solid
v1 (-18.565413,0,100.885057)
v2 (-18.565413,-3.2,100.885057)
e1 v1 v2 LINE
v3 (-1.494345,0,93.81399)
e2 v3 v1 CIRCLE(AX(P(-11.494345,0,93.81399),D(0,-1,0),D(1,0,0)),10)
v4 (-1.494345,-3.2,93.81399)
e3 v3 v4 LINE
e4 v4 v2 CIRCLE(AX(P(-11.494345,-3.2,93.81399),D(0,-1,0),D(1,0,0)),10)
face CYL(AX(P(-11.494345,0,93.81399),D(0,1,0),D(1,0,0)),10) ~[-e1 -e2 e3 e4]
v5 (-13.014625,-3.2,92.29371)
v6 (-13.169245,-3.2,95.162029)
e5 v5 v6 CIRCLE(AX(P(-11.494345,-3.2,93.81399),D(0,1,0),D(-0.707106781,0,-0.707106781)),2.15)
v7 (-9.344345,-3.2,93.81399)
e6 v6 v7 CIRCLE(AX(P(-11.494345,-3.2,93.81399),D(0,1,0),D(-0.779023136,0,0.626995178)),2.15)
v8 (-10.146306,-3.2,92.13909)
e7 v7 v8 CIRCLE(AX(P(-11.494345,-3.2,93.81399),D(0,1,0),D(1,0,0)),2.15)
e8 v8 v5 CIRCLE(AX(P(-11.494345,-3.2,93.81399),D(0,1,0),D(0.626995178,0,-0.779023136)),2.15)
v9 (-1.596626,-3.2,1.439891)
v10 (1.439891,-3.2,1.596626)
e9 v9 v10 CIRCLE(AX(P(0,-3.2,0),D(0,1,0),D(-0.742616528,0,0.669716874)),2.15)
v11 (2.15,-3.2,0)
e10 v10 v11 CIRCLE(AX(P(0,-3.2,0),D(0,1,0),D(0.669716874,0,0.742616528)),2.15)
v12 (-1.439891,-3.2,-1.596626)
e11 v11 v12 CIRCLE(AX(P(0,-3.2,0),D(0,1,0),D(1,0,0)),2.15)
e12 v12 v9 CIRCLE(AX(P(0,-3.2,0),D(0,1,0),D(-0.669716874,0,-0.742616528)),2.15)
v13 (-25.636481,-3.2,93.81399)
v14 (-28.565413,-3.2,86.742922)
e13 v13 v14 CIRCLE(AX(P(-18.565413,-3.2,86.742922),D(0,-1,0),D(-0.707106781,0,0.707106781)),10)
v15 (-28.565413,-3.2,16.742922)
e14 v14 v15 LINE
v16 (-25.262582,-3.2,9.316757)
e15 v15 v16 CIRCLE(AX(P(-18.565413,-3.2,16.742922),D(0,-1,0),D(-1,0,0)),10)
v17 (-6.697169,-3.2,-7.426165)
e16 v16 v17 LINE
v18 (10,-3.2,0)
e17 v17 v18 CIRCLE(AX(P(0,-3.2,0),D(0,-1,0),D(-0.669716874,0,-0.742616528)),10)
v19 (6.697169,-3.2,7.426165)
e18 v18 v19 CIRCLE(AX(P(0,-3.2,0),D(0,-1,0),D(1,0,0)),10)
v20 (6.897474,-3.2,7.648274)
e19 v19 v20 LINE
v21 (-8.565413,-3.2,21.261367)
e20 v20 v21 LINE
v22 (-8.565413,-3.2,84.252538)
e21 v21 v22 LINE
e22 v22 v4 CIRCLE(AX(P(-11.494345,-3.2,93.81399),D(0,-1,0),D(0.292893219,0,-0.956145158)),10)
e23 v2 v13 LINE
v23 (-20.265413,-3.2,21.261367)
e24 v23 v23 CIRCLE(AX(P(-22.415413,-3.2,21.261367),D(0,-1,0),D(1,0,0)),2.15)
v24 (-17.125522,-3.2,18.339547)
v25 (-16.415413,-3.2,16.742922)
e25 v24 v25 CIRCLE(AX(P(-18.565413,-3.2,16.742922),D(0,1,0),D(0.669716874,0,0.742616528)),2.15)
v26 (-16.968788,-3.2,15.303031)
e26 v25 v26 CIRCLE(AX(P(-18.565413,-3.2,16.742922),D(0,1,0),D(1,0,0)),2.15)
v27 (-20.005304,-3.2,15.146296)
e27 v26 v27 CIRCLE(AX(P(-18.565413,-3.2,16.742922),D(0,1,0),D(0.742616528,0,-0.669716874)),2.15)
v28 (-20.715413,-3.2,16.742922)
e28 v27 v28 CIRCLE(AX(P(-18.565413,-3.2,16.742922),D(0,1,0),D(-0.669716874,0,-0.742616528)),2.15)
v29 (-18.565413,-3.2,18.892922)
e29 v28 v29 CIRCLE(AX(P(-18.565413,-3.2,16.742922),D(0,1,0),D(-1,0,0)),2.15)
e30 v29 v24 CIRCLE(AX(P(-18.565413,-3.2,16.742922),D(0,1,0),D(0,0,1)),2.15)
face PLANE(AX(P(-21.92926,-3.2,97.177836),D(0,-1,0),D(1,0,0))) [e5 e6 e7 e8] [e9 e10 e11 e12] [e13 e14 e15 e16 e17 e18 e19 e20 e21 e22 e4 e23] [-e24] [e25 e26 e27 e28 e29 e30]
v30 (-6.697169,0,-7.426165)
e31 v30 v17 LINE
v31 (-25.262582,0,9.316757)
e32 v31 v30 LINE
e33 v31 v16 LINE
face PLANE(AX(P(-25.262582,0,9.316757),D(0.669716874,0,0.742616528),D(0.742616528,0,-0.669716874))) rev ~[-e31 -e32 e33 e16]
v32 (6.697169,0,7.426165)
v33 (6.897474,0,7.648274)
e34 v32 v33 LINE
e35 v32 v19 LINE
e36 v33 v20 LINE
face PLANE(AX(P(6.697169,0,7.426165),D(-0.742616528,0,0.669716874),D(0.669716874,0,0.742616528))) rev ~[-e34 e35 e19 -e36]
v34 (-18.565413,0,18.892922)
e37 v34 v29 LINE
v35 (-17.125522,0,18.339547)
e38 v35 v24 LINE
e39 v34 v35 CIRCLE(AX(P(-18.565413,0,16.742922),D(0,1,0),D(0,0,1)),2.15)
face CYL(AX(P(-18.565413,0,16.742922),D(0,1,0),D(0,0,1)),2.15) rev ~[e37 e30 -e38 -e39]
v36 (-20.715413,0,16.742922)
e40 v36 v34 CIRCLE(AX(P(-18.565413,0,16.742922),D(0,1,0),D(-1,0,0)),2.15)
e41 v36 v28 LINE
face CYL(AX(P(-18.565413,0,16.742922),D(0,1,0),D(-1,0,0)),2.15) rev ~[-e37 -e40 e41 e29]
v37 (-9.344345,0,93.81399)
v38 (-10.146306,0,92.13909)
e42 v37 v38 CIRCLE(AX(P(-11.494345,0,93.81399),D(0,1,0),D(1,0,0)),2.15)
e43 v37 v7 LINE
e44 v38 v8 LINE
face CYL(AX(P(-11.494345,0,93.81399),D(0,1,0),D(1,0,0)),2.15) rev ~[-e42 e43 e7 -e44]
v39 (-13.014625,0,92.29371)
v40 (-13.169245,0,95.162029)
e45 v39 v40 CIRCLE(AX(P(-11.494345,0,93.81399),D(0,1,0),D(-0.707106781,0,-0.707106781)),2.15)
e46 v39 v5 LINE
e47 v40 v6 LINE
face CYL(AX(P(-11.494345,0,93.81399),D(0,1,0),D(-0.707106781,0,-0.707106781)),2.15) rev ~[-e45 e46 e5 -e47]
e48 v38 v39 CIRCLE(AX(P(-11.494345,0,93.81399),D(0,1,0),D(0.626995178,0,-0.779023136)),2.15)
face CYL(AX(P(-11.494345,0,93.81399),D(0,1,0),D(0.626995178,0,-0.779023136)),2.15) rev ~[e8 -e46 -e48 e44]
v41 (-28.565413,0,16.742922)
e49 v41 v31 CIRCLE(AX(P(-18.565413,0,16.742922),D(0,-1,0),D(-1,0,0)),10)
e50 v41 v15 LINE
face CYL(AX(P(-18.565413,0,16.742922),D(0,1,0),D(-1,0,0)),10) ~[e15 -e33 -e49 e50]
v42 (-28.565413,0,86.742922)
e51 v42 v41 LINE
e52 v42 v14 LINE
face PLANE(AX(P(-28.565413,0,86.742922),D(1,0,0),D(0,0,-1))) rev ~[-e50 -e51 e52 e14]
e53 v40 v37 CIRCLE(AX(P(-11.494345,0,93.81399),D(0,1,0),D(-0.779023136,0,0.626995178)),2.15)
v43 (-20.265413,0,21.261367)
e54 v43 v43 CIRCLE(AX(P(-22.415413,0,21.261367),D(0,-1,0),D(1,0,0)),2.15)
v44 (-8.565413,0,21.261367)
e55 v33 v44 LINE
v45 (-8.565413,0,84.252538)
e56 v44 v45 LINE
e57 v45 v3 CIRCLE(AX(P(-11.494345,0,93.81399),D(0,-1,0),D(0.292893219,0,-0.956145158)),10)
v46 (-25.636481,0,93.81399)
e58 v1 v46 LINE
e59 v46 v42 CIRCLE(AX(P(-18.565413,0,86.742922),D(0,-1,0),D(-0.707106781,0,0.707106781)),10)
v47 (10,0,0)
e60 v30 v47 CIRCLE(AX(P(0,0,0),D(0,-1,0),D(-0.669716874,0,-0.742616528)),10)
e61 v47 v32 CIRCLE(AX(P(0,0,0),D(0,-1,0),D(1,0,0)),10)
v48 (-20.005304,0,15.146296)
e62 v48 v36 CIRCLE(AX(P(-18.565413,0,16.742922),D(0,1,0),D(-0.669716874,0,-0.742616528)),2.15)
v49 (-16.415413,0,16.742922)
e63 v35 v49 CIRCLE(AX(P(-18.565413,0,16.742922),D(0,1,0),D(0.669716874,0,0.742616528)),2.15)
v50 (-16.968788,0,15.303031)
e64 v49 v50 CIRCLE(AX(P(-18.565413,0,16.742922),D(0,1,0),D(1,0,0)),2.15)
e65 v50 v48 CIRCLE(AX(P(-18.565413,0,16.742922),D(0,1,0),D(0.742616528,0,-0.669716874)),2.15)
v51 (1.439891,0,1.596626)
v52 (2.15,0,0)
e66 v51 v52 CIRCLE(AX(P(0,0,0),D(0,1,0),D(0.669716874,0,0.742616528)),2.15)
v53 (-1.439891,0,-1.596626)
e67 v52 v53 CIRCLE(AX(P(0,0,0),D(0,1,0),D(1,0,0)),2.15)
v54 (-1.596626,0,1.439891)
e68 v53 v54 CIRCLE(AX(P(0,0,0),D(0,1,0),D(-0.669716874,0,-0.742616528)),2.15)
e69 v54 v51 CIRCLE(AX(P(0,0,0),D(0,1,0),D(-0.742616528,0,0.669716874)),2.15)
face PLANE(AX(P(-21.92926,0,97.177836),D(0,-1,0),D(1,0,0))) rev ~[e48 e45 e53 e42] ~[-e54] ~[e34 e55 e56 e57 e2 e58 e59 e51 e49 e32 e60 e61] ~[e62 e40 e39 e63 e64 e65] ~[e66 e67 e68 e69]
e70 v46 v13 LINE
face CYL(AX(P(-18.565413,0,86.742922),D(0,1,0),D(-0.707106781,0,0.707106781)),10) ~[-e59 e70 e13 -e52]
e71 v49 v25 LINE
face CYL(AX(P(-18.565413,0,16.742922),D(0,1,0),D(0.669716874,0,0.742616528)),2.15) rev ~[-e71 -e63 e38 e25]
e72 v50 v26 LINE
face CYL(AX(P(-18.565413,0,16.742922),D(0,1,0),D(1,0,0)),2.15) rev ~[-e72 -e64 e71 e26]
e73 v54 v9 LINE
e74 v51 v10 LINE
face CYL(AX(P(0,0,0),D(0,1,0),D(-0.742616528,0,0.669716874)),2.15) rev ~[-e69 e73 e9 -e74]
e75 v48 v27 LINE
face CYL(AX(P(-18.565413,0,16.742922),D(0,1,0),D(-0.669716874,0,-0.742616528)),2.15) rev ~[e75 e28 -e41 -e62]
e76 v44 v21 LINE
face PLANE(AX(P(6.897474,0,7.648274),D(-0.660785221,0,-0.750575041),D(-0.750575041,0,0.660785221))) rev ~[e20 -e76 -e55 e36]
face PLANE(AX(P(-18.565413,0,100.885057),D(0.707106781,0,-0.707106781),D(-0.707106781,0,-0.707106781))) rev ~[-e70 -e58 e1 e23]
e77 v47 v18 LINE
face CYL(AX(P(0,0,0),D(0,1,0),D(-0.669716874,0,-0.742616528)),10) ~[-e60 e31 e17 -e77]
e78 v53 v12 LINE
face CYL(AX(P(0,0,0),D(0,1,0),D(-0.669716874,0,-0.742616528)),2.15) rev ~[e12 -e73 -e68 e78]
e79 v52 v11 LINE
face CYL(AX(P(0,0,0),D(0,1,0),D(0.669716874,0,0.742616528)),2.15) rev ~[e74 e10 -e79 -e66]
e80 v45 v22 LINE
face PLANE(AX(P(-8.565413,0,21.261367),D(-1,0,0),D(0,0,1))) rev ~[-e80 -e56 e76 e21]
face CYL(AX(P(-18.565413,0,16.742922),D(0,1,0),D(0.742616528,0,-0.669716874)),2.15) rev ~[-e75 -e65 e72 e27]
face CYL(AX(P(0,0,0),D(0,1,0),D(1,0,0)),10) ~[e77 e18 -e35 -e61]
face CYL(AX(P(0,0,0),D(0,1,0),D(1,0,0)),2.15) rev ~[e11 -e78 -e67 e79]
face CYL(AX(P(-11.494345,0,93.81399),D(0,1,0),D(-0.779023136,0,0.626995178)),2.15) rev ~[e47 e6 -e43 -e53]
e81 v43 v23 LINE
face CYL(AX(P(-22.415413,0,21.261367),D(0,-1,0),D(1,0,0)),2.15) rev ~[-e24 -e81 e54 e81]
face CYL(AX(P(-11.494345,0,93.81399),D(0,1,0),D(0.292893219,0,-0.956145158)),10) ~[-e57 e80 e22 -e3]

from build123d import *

# Parameters (mm, degrees)
F1_DEPTH = 3.2
F2_R     = 2.15
F3_DEPTH = 12.5


with BuildPart() as f1:
    # F0 (on Front) → F1 (new body)
    with BuildSketch(Plane.XZ):
        with BuildLine():
            Line((-18.5654132097, 100.885057482), (-25.6364810216, 93.8139896702))
            ThreePointArc((-25.6364810216, 93.8139896702), (-23.5654132097, 95.4031758961), (-21.1536036607, 96.4021801212))
            ThreePointArc((-21.1536036607, 96.4021801212), (-20.1545994357, 98.8139896702), (-18.5654132097, 100.885057482))
        make_face()
        with BuildLine():
            ThreePointArc((-6.6971687433, -7.4261652839), (-9.9867052636, -0.5154783973), (-7.4261652839, 6.6971687433))
            Line((-7.4261652839, 6.6971687433), (-11.1392479258, 10.045753115))
            ThreePointArc((-11.1392479258, 10.045753115), (-18.0499348124, 6.7562165947), (-25.262581953, 9.3167565744))
            Line((-25.262581953, 9.3167565744), (-6.6971687433, -7.4261652839))
        make_face()
        with BuildLine():
            Line((-28.5654132097, 86.7429218583), (-28.5654132097, 16.7429218583))
            ThreePointArc((-28.5654132097, 16.7429218583), (-25.6364810216, 23.8139896702), (-18.5654132097, 26.7429218583))
            Line((-18.5654132097, 26.7429218583), (-18.5654132097, 76.7429218583))
            ThreePointArc((-18.5654132097, 76.7429218583), (-25.6364810216, 79.6718540464), (-28.5654132097, 86.7429218583))
        make_face()
        with BuildLine():
            Line((-18.5654132097, 86.7429218583), (-28.5654132097, 86.7429218583))
            ThreePointArc((-28.5654132097, 86.7429218583), (-25.6364810216, 79.6718540464), (-18.5654132097, 76.7429218583))
            Line((-18.5654132097, 76.7429218583), (-18.5654132097, 86.7429218583))
        make_face()
        with BuildLine():
            ThreePointArc((-25.6364810216, 93.8139896702), (-27.8042085348, 90.5697561819), (-28.5654132097, 86.7429218583))
            Line((-28.5654132097, 86.7429218583), (-18.5654132097, 86.7429218583))
            ThreePointArc((-18.5654132097, 86.7429218583), (-21.1536036607, 91.2257992191), (-21.1536036607, 96.4021801212))
            ThreePointArc((-21.1536036607, 96.4021801212), (-23.5654132097, 95.4031758961), (-25.6364810216, 93.8139896702))
        make_face()
        with BuildLine():
            ThreePointArc((-8.9061549468, 84.1547314073), (-8.7353506369, 84.2021247154), (-8.5654132097, 84.2525380943))
            Line((-8.5654132097, 84.2525380943), (-8.5654132097, 86.7429218583))
            ThreePointArc((-8.5654132097, 86.7429218583), (-8.650964596, 85.4376599361), (-8.9061549468, 84.1547314073))
        make_face()
        with BuildLine():
            ThreePointArc((-11.8682444664, 24.1690871422), (-9.4283543987, 20.8066832051), (-8.5654132097, 16.7429218583))
            Line((-8.5654132097, 16.7429218583), (-8.5654132097, 21.2613671129))
            Line((-8.5654132097, 21.2613671129), (-11.8682444664, 24.1690871422))
        make_face()
        with BuildLine():
            ThreePointArc((-28.5654132097, 16.7429218583), (-27.7024720208, 12.6791605115), (-25.262581953, 9.3167565744))
            Line((-25.262581953, 9.3167565744), (-20.0053044895, 15.1462963223))
            ThreePointArc((-20.0053044895, 15.1462963223), (-20.5298808541, 15.8692131687), (-20.7154132097, 16.7429218583))
            Line((-20.7154132097, 16.7429218583), (-28.5654132097, 16.7429218583))
        make_face()
        with BuildLine():
            Line((6.6971687433, 7.4261652839), (1.4398912798, 1.596625536))
            ThreePointArc((1.4398912798, 1.596625536), (1.9644676444, 0.8737086896), (2.15, 0))
            ThreePointArc((2.15, 0), (0.8737086896, -1.9644676444), (-1.4398912798, -1.596625536))
            Line((-1.4398912798, -1.596625536), (-6.6971687433, -7.4261652839))
            ThreePointArc((-6.6971687433, -7.4261652839), (4.0637613468, -9.1370588111), (10, 0))
            ThreePointArc((10, 0), (9.1370588111, 4.0637613468), (6.6971687433, 7.4261652839))
        make_face()
        with BuildLine():
            Line((-7.4261652839, 6.6971687433), (-1.596625536, 1.4398912798))
            ThreePointArc((-1.596625536, 1.4398912798), (-0.1108278554, 2.1471416317), (1.4398912798, 1.596625536))
            Line((1.4398912798, 1.596625536), (6.6971687433, 7.4261652839))
            ThreePointArc((6.6971687433, 7.4261652839), (-0.5154783973, 9.9867052636), (-7.4261652839, 6.6971687433))
        make_face()
        with BuildLine():
            ThreePointArc((-1.4398912798, -1.596625536), (-2.1471416317, -0.1108278554), (-1.596625536, 1.4398912798))
            Line((-1.596625536, 1.4398912798), (-7.4261652839, 6.6971687433))
            ThreePointArc((-7.4261652839, 6.6971687433), (-9.9867052636, -0.5154783973), (-6.6971687433, -7.4261652839))
            Line((-6.6971687433, -7.4261652839), (-1.4398912798, -1.596625536))
        make_face()
        with BuildLine():
            Line((-11.1392479258, 10.045753115), (-7.4261652839, 6.6971687433))
            ThreePointArc((-7.4261652839, 6.6971687433), (-0.5154783973, 9.9867052636), (6.6971687433, 7.4261652839))
            Line((6.6971687433, 7.4261652839), (6.8974743638, 7.6482744619))
            Line((6.8974743638, 7.6482744619), (-8.5654132097, 21.2613671129))
            Line((-8.5654132097, 21.2613671129), (-8.5654132097, 16.7429218583))
            ThreePointArc((-8.5654132097, 16.7429218583), (-9.2310237589, 13.1555588183), (-11.1392479258, 10.045753115))
        make_face()
        with BuildLine():
            ThreePointArc((-25.262581953, 9.3167565744), (-18.0499348124, 6.7562165947), (-11.1392479258, 10.045753115))
            Line((-11.1392479258, 10.045753115), (-16.9687876737, 15.3030305785))
            ThreePointArc((-16.9687876737, 15.3030305785), (-18.4545853543, 14.5957802266), (-20.0053044895, 15.1462963223))
            Line((-20.0053044895, 15.1462963223), (-25.262581953, 9.3167565744))
        make_face()
        with BuildLine():
            ThreePointArc((-18.5654132097, 26.7429218583), (-25.6364810216, 23.8139896702), (-28.5654132097, 16.7429218583))
            Line((-28.5654132097, 16.7429218583), (-20.7154132097, 16.7429218583))
            ThreePointArc((-20.7154132097, 16.7429218583), (-20.0856927893, 18.2632014378), (-18.5654132097, 18.8929218583))
            Line((-18.5654132097, 18.8929218583), (-18.5654132097, 26.7429218583))
        make_face()
        with BuildLine():
            Line((-8.5654132097, 86.7429218583), (-8.5654132097, 84.2525380943))
            ThreePointArc((-8.5654132097, 84.2525380943), (-3.4541550431, 87.8679540951), (-1.4943453978, 93.8139896702))
            ThreePointArc((-1.4943453978, 93.8139896702), (-7.6675110742, 103.0527849953), (-18.5654132097, 100.885057482))
            ThreePointArc((-18.5654132097, 100.885057482), (-20.1545994357, 98.8139896702), (-21.1536036607, 96.4021801212))
            ThreePointArc((-21.1536036607, 96.4021801212), (-17.030591367, 96.624436009), (-13.1692451405, 95.1620293032))
            ThreePointArc((-13.1692451405, 95.1620293032), (-10.7796896928, 95.8417389701), (-9.3443453978, 93.8139896702))
            ThreePointArc((-9.3443453978, 93.8139896702), (-9.5551722221, 92.8854922849), (-10.1463057648, 92.1390899275))
            ThreePointArc((-10.1463057648, 92.1390899275), (-8.9687712332, 89.5544095029), (-8.5654132097, 86.7429218583))
        make_face()
        with BuildLine():
            Line((-11.8682444664, 24.1690871422), (-8.5654132097, 21.2613671129))
            Line((-8.5654132097, 21.2613671129), (-8.5654132097, 84.2525380943))
            ThreePointArc((-8.5654132097, 84.2525380943), (-8.7353506369, 84.2021247154), (-8.9061549468, 84.1547314073))
            ThreePointArc((-8.9061549468, 84.1547314073), (-12.4777989196, 78.8093884554), (-18.5654132097, 76.7429218583))
            Line((-18.5654132097, 76.7429218583), (-18.5654132097, 26.7429218583))
            ThreePointArc((-18.5654132097, 26.7429218583), (-14.9780501697, 26.0773113091), (-11.8682444664, 24.1690871422))
        make_face()
        with BuildLine():
            Line((-17.1255219299, 18.3395473943), (-11.8682444664, 24.1690871422))
            ThreePointArc((-11.8682444664, 24.1690871422), (-14.9780501697, 26.0773113091), (-18.5654132097, 26.7429218583))
            Line((-18.5654132097, 26.7429218583), (-18.5654132097, 18.8929218583))
            ThreePointArc((-18.5654132097, 18.8929218583), (-17.7941301561, 18.7498155902), (-17.1255219299, 18.3395473943))
        make_face()
        with BuildLine():
            Line((-16.4154132097, 16.7429218583), (-8.5654132097, 16.7429218583))
            ThreePointArc((-8.5654132097, 16.7429218583), (-9.4283543987, 20.8066832051), (-11.8682444664, 24.1690871422))
            Line((-11.8682444664, 24.1690871422), (-17.1255219299, 18.3395473943))
            ThreePointArc((-17.1255219299, 18.3395473943), (-16.6009455653, 17.6166305478), (-16.4154132097, 16.7429218583))
        make_face()
        with BuildLine():
            Line((-16.9687876737, 15.3030305785), (-11.1392479258, 10.045753115))
            ThreePointArc((-11.1392479258, 10.045753115), (-9.2310237589, 13.1555588183), (-8.5654132097, 16.7429218583))
            Line((-8.5654132097, 16.7429218583), (-16.4154132097, 16.7429218583))
            ThreePointArc((-16.4154132097, 16.7429218583), (-16.5585194778, 15.9716388047), (-16.9687876737, 15.3030305785))
        make_face()
        with BuildLine():
            ThreePointArc((-21.1536036607, 96.4021801212), (-21.1536036607, 91.2257992191), (-18.5654132097, 86.7429218583))
            Line((-18.5654132097, 86.7429218583), (-13.0146249774, 92.2937100906))
            ThreePointArc((-13.0146249774, 92.2937100906), (-13.6412283712, 93.6982593867), (-13.1692451405, 95.1620293032))
            ThreePointArc((-13.1692451405, 95.1620293032), (-17.030591367, 96.624436009), (-21.1536036607, 96.4021801212))
        make_face()
        with BuildLine():
            Line((-18.5654132097, 86.7429218583), (-8.5654132097, 86.7429218583))
            ThreePointArc((-8.5654132097, 86.7429218583), (-8.9687712332, 89.5544095029), (-10.1463057648, 92.1390899275))
            ThreePointArc((-10.1463057648, 92.1390899275), (-11.6100756813, 91.6671066968), (-13.0146249774, 92.2937100906))
            Line((-13.0146249774, 92.2937100906), (-18.5654132097, 86.7429218583))
        make_face()
        with BuildLine():
            ThreePointArc((-18.5654132097, 76.7429218583), (-12.4777989196, 78.8093884554), (-8.9061549468, 84.1547314073))
            ThreePointArc((-8.9061549468, 84.1547314073), (-14.0825358489, 84.1547314073), (-18.5654132097, 86.7429218583))
            Line((-18.5654132097, 86.7429218583), (-18.5654132097, 76.7429218583))
        make_face()
        with BuildLine():
            ThreePointArc((-8.9061549468, 84.1547314073), (-8.650964596, 85.4376599361), (-8.5654132097, 86.7429218583))
            Line((-8.5654132097, 86.7429218583), (-18.5654132097, 86.7429218583))
            ThreePointArc((-18.5654132097, 86.7429218583), (-14.0825358489, 84.1547314073), (-8.9061549468, 84.1547314073))
        make_face()
    extrude(amount=F1_DEPTH)

    # F2 (on Front) → F3 (cut, symmetric)
    with BuildSketch(Plane.XZ):
        with Locations((-22.4154132097, 21.2613671129)):
            Circle(F2_R)
    extrude(amount=F3_DEPTH, both=True, mode=Mode.SUBTRACT)


solid = f1.part
